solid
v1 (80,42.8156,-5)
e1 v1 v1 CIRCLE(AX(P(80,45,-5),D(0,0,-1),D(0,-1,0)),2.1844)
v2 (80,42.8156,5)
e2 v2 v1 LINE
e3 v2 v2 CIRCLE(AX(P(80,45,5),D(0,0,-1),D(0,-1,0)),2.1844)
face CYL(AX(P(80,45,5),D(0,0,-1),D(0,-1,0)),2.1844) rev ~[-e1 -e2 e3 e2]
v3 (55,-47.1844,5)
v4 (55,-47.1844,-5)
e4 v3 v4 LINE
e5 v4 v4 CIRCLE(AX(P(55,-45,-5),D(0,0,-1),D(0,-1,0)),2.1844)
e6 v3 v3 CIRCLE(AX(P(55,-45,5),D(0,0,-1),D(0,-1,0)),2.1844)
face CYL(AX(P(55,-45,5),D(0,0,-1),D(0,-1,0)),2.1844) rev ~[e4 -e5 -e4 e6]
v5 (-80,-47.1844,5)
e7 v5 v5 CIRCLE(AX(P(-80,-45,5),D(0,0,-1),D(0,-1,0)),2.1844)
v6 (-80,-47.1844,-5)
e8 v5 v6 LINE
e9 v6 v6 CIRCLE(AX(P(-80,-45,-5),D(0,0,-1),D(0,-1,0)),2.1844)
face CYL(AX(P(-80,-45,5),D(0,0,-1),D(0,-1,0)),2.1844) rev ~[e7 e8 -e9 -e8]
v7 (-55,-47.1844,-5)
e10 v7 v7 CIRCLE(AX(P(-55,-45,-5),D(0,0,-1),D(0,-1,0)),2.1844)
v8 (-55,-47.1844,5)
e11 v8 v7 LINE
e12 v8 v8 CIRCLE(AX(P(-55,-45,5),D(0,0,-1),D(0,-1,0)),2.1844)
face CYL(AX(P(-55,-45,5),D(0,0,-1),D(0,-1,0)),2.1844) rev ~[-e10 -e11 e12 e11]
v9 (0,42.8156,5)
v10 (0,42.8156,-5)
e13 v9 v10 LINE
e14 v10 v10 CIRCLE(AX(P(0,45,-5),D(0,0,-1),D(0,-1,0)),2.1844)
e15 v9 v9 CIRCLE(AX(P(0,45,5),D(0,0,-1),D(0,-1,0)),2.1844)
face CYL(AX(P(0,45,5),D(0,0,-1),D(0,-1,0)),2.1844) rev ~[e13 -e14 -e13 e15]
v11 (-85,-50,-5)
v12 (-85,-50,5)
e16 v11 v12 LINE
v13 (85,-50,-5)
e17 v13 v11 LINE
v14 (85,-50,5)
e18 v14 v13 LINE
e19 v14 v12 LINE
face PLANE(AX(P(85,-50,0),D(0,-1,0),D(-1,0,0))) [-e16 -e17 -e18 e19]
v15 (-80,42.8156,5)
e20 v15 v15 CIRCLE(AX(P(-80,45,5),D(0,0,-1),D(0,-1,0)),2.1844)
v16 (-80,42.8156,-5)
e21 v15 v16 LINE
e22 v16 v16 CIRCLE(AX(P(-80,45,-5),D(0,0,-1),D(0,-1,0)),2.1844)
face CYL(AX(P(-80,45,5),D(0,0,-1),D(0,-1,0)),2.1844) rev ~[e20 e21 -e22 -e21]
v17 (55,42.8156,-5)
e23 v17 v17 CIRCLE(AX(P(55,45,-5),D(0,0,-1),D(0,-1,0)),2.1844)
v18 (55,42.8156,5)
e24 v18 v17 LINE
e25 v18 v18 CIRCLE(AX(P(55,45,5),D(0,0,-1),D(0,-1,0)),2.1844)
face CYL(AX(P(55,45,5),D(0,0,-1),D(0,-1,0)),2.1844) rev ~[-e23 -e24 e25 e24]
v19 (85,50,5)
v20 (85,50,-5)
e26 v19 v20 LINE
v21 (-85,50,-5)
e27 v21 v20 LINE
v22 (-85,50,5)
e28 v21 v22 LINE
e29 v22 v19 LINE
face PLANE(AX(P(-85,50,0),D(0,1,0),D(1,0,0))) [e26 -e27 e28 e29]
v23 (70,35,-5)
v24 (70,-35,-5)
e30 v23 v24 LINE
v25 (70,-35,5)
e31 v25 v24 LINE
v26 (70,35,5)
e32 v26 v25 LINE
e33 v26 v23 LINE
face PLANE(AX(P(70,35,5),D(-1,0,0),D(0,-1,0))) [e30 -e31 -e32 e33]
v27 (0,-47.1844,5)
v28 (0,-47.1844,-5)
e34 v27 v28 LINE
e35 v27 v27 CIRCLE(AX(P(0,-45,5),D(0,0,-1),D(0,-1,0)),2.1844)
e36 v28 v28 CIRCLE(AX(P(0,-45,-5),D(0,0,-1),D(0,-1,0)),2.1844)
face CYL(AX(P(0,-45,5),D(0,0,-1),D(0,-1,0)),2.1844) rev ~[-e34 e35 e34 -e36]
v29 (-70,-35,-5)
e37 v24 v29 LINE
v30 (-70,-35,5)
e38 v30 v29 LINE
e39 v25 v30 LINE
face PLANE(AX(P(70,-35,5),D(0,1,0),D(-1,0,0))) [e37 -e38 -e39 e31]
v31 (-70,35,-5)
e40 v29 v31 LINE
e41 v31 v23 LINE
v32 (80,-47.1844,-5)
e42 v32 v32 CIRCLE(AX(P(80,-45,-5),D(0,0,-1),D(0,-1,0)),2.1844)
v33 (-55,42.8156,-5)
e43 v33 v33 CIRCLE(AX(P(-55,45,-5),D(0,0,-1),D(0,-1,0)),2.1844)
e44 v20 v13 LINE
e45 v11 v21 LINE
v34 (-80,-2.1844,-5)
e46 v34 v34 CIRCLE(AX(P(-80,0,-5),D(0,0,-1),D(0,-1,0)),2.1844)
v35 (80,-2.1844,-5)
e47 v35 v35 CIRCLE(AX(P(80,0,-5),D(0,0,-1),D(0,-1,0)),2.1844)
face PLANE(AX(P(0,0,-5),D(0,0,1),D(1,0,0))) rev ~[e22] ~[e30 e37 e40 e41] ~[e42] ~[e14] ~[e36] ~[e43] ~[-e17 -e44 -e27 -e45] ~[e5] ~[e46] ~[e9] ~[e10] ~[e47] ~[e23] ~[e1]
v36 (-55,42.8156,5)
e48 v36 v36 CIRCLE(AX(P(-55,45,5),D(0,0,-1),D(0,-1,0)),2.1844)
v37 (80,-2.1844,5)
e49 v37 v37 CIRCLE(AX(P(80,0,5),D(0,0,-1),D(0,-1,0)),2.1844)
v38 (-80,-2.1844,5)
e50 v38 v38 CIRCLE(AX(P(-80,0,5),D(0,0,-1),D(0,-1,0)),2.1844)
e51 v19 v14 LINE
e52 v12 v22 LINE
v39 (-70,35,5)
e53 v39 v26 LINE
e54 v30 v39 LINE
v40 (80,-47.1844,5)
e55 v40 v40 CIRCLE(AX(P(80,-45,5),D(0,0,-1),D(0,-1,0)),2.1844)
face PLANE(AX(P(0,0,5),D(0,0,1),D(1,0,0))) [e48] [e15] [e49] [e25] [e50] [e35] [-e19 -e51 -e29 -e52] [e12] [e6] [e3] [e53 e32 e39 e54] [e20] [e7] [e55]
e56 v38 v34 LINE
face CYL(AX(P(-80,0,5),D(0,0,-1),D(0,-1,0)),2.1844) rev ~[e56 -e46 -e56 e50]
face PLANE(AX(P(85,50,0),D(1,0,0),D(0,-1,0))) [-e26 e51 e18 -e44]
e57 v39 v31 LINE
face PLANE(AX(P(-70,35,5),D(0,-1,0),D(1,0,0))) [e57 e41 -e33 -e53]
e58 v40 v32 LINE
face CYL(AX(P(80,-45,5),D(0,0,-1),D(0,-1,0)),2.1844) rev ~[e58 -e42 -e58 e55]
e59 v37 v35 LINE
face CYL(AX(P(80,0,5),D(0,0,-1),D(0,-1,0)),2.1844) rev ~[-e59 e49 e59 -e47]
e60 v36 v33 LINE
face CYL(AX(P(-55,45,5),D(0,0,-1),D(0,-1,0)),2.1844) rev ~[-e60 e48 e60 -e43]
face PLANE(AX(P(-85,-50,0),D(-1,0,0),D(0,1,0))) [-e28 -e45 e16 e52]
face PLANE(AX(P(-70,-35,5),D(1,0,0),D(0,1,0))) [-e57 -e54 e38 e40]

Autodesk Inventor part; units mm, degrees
ref_plane "YZ Plane" through (0, 0, 0) normal (1, 0, 0) x (0, 1, 0)
ref_plane "XZ Plane" through (0, 0, 0) normal (0, 1, 0) x (-1, 0, 0)
ref_plane "XY Plane" through (0, 0, 0) normal (0, 0, 1) x (1, 0, 0)
sketch "Sketch1" plane through (0, 0, 0) normal (0, 0, 1) x (1, 0, 0)
  line L0 (-85, 50) -> (85, 50)
  line L1 (85, 50) -> (85, -50)
  line L2 (85, -50) -> (-85, -50)
  line L3 (-85, -50) -> (-85, 50)
  line L4 (-85, 50) -> (85, -50) construction
  line L5 (85, 50) -> (-85, -50) construction
  point P0 (0, 0)
  dimension "d0" = 170
  dimension "d1" = 100
extrude "Extrusion1" add sketch "Sketch1" along normal mid plane 10
sketch "Sketch2" plane through (0, 0, 5) normal (0, 0, 1) x (1, 0, 0)
  line L0 (-70, 35) -> (70, 35)
  line L1 (70, 35) -> (70, -35)
  line L2 (70, -35) -> (-70, -35)
  line L3 (-70, -35) -> (-70, 35)
  line L4 (-70, 35) -> (70, -35) construction
  line L5 (70, 35) -> (-70, -35) construction
  point P0 (0, 0)
  dimension "d4" = 140
  dimension "d5" = 70
extrude "Extrusion2" cut sketch "Sketch2" against normal blind 10
sketch "Sketch4" plane through (0, 0, 5) normal (0, 0, 1) x (1, 0, 0)
  line L0 (-85, 50) -> (-85, -50) projected
  line L1 (85, 50) -> (-85, 50) projected
  line L2 (-85, -50) -> (85, -50) projected
  line L3 (85, -50) -> (85, 50) projected
  point P0 (0, 0)
  point P1 (-80, 0)
  point P2 (-80, -45)
  point P3 (0, -45)
  point P4 (-55, -45)
  point P5 (55, -45)
  point P6 (80, -45)
  point P7 (80, 0)
  point P8 (-80, 45)
  point P9 (-55, 45)
  point P10 (55, 45)
  point P11 (0, 45)
  point P12 (80, 45)
  dimension "d72" = 50
  dimension "d73" = 5
  dimension "d74" = 5
  dimension "d75" = 85
  dimension "d78" = 25
  dimension "d80" = 5
  dimension "d81" = 5
  dimension "d82" = 25
  dimension "d85" = 160
  dimension "d115" = 5
  dimension "d116" = 5
  dimension "d117" = 5
  dimension "d120" = 90
  dimension "d125" = 45
hole "Hole2" at (-80, 0, 5) at (-80, -45, 5) at (0, -45, 5) at (-55, -45, 5) at (55, -45, 5) at (80, -45, 5) at (80, 0, 5) at (80, 45, 5) at (55, 45, 5) at (0, 45, 5) at (-55, 45, 5) at (-80, 45, 5) direction (0, 0, -1) diameter 4.3688 end through all
properties part number "gasket"
